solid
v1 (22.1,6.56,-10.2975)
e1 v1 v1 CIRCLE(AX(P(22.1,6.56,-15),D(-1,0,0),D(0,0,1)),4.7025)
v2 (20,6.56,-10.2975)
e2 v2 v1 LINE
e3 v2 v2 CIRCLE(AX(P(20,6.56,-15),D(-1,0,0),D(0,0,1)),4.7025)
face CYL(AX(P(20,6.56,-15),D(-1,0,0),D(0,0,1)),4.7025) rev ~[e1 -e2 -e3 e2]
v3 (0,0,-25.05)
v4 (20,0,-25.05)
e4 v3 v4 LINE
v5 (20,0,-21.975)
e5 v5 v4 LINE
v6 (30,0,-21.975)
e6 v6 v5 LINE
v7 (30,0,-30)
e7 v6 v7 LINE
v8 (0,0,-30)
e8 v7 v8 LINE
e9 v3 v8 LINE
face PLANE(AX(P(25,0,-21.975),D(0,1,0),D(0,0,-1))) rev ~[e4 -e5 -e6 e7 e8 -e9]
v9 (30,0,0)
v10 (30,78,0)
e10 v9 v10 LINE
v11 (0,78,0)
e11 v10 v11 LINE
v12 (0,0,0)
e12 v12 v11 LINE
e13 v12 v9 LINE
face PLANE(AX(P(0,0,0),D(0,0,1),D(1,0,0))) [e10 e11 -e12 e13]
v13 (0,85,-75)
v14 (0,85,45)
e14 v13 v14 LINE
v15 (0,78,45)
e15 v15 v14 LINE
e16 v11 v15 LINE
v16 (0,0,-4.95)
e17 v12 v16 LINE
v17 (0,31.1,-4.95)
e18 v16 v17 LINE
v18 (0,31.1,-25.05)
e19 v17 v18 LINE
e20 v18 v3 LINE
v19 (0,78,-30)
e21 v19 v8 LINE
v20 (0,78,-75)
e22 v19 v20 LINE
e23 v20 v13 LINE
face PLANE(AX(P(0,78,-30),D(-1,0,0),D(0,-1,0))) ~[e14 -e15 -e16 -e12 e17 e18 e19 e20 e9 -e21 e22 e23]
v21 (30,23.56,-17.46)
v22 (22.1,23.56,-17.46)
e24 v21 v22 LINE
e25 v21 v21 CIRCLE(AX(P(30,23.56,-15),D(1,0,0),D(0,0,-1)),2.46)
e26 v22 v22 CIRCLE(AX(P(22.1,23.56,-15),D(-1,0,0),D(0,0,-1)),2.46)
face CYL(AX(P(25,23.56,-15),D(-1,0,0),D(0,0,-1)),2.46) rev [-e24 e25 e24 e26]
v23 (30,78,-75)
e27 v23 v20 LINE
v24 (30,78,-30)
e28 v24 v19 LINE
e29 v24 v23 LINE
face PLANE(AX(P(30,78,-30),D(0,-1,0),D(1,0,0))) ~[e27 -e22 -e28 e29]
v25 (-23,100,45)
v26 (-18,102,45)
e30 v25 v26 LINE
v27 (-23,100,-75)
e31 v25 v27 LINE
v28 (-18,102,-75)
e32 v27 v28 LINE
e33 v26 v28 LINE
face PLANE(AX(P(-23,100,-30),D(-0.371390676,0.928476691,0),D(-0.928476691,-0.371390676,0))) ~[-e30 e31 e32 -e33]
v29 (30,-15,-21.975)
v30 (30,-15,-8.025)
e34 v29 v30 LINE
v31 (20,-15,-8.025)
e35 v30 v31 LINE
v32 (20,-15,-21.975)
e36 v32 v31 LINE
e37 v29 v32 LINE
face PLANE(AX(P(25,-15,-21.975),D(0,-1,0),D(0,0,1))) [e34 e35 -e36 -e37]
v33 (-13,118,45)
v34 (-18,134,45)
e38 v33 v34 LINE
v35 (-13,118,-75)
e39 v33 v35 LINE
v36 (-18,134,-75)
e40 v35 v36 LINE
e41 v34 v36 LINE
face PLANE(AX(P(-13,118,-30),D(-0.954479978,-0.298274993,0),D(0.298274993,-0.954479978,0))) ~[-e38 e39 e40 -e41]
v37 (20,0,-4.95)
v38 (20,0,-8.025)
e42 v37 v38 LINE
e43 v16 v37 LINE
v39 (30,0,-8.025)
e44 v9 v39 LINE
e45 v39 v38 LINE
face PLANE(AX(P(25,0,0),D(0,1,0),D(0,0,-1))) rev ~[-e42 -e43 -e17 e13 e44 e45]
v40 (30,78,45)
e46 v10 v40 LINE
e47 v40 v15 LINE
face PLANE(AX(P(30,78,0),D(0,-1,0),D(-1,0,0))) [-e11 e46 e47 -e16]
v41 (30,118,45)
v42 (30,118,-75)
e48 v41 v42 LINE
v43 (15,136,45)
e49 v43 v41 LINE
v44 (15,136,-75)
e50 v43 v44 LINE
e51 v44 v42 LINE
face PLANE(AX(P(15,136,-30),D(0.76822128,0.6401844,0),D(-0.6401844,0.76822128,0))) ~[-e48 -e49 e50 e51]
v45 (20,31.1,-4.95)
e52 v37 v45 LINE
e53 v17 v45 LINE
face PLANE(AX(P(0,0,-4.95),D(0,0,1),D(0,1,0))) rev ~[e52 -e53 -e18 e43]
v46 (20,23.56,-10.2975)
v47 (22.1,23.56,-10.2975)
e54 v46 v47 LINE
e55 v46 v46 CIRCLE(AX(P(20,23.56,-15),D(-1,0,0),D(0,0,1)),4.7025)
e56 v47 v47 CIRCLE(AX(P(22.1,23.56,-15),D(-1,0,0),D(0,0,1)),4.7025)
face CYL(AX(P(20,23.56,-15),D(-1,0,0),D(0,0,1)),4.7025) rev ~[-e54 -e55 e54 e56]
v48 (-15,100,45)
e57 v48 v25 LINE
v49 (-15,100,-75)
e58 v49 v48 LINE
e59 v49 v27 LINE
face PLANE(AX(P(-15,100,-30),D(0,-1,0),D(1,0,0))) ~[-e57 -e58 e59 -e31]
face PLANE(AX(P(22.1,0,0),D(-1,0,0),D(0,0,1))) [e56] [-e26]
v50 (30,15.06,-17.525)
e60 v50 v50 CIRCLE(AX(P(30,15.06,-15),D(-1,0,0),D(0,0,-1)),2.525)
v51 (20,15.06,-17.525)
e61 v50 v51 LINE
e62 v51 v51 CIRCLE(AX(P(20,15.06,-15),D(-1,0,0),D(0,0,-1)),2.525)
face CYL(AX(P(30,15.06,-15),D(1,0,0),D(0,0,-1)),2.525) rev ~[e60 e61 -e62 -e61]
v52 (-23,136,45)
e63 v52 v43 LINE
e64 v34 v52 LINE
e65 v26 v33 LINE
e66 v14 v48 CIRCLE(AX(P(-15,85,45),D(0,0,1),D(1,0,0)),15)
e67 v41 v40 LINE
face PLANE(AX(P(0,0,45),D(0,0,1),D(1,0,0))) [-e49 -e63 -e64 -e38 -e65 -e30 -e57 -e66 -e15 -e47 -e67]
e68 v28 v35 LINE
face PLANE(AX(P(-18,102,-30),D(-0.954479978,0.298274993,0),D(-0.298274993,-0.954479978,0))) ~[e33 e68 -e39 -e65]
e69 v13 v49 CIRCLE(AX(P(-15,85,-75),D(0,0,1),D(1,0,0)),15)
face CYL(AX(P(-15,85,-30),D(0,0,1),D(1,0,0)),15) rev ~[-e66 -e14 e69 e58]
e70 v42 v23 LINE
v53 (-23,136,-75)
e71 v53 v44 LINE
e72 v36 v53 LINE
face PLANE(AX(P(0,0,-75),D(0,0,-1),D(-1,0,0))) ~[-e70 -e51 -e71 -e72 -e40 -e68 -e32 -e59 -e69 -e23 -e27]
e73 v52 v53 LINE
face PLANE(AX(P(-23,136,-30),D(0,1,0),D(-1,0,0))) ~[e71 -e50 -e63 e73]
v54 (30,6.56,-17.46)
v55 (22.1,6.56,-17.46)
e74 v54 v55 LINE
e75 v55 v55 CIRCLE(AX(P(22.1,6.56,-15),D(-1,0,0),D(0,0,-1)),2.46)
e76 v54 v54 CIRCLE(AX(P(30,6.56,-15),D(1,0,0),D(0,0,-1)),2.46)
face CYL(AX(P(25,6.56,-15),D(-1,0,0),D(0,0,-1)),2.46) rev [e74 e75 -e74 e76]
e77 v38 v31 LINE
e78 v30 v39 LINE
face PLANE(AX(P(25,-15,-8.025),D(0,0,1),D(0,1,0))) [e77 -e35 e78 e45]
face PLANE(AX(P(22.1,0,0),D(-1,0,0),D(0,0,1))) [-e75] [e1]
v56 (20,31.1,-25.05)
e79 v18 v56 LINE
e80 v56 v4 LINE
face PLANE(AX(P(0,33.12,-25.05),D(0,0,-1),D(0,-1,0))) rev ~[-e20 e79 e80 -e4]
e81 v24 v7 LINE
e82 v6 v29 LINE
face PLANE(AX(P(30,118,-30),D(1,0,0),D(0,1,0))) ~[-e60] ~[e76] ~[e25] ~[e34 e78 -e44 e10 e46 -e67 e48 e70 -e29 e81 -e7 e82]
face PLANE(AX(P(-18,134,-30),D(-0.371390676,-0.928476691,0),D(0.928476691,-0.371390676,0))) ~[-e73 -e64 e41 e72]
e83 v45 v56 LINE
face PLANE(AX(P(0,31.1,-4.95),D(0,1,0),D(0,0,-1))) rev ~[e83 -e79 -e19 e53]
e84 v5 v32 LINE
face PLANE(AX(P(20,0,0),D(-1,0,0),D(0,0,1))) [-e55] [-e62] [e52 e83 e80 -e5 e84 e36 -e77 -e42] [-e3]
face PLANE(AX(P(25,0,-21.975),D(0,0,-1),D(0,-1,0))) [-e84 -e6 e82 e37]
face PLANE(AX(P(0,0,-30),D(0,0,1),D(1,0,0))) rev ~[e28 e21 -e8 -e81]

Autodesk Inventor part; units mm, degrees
ref_plane "YZ Plane" through (0, 0, 0) normal (1, 0, 0) x (0, 1, 0)
ref_plane "XZ Plane" through (0, 0, 0) normal (0, 1, 0) x (-1, 0, 0)
sketch "Sketch1" plane through (0, 0, 0) normal (0, 0, 1) x (1, 0, 0)
  line L0 (0, 0) -> (25, 0)
  line L1 (25, 0) -> (25, 40)
  line L2 (25, 40) -> (0, 40)
  line L3 (0, 40) -> (0, 0)
  dimension "d1" = 25
  dimension "d2" = 40
  dimension "d3" = 25
extrude "Extrusion1" add sketch "Sketch1" against normal blind 30
sketch "Sketch2" plane through (25, 0, 0) normal (1, 0, 0) x (0, 0, -1)
  line L0 (0, 0) -> (30, 0) projected
  circle A0 centre (15, 6.56) radius 2.46
extrude "Extrusion2" cut sketch "Sketch2" against normal blind 30
sketch "Sketch3" plane through (0, 0, 0) normal (-1, 0, 0) x (0, 0, 1)
  line L0 (0, 0) -> (-30, 0) projected
  line L1 (-25.05, 0) -> (-4.95, 0)
  line L2 (-4.95, 0) -> (-4.95, 33.12)
  line L3 (-4.95, 33.12) -> (-25.05, 33.12)
  line L4 (-25.05, 33.12) -> (-25.05, 0)
  dimension "d11" = 20.1
extrude "Extrusion3" cut sketch "Sketch3" against normal blind 20
sketch "Sketch4" plane through (0, 0, 0) normal (0, -1, 0) x (1, 0, 0)
  line L0 (20, -4.95) -> (20, -25.05) projected
  line L1 (20, -15) -> (25, -15)
  line L2 (25, 0) -> (25, -30) projected
  line L3 (20, -8.025) -> (25, -8.025)
  line L4 (25, -8.025) -> (25, -21.975)
  line L5 (25, -21.975) -> (20, -21.975)
  line L6 (20, -21.975) -> (20, -8.025)
  line L7 (20, -8.025) -> (25, -21.975) construction
  line L8 (25, -8.025) -> (20, -21.975) construction
  line L9 (25, -12.54) -> (25, -17.46) projected
  point P0 (0, 0)
  point P1 (22.5, -15)
  dimension "d14" = 13.95
extrude "Extrusion4" add sketch "Sketch4" along normal blind 15
sketch "Sketch5" plane through (20, 0, 0) normal (-1, 0, 0) x (0, 0, 1)
  circle A0 centre (-15, 6.56) radius 2.46 projected
  circle A1 centre (-15, 6.56) radius 4.7025
  circle A2 centre (-15, 6.56) radius 2.46 projected
  circle A3 centre (-15, 6.56) radius 2.46
  point P0 (0, 0)
  dimension "d17" = 9.405
extrude "Extrusion5" cut sketch "Sketch5" against normal blind 2.1
sketch "Sketch6" plane through (25, 0, 0) normal (1, 0, 0) x (0, 0, -1)
  circle A0 centre (15, 6.56) radius 4.7025 projected
  line L0 (15, 6.56) -> (15, 23.56)
  circle A1 centre (15, 23.56) radius 2.46
  point P0 (0, 0)
  dimension "d20" = 17
  dimension "d21" = 4.92
extrude "Extrusion6" cut sketch "Sketch6" against normal blind 10 contours A1
sketch "Sketch7" plane through (20, 0, 0) normal (-1, 0, 0) x (0, 0, 1)
  circle A0 centre (-15, 23.56) radius 2.46 projected
  circle A1 centre (-15, 23.56) radius 4.7025
  point P0 (0, 0)
  dimension "d24" = 9.405
extrude "Extrusion7" cut sketch "Sketch7" against normal blind 2.1
sketch "Sketch9" plane through (25, 0, 0) normal (1, 0, 0) x (0, 0, -1)
  circle A0 centre (15, 6.56) radius 2.46 projected
  circle A1 centre (15, 6.56) radius 2.46
  circle A2 centre (15, 23.56) radius 2.46 projected
  circle A3 centre (15, 23.56) radius 2.46
  line L0 (30, 40) -> (30, 0) projected
  line L1 (30, 0) -> (30, 40)
  line L2 (30, 40) -> (0, 40)
  line L3 (0, 40) -> (0, 0)
  line L4 (0, 0) -> (8.025, 0) projected
  line L5 (21.975, 0) -> (21.975, -15)
  line L6 (21.975, -15) -> (8.025, -15)
  line L7 (8.025, -15) -> (8.025, 0)
  line L8 (0, 0) -> (8.025, 0)
  line L9 (21.975, 0) -> (30, 0)
extrude "Extrusion8" add sketch "Sketch9" along normal blind 5
sketch "Sketch10" plane through (0, 40, 0) normal (0, 1, 0) x (1, 0, 0)
  line L0 (0, 30) -> (30, 30) projected
  line L1 (30, 0) -> (0, 0) projected
  line L2 (0, 30) -> (30, 30)
  line L3 (30, 30) -> (30, 0)
  line L4 (30, 0) -> (0, 0)
  line L5 (0, 0) -> (0, 30)
extrude "Extrusion9" add sketch "Sketch10" along normal blind 30
sketch "Sketch12" plane through (30, 0, 0) normal (1, 0, 0) x (0, 0, -1)
  circle A0 centre (15, 6.56) radius 2.46 projected
  line L0 (15, 6.56) -> (15, 15.06)
  circle A1 centre (15, 15.06) radius 2.525
  point P0 (0, 0)
  dimension "d31" = 8.5
  dimension "d33" = 5.05
extrude "Extrusion10" cut sketch "Sketch12" against normal blind 30 contours A1
sketch "Sketch14" plane through (0, 0, 0) normal (0, 0, 1) x (1, 0, 0)
  line L0 (30, 70) -> (0, 70) projected
  line L1 (0, 70) -> (0, 85)
  line L2 (-15, 100) -> (-23, 100)
  line L3 (30, 0) -> (30, 70) projected
  line L4 (30, 118) -> (30, 70)
  arc A0 (0, 85) -> (-15, 100) centre (-15, 85) ccw
  line L5 (30, 105) -> (30, 100)
  line L6 (-18, 134) -> (-23, 136)
  line L7 (-18, 102) -> (-23, 100)
  line L8 (-18, 102) -> (-13, 118)
  line L9 (-13, 118) -> (-18, 134)
  line L10 (15, 136) -> (30, 118)
  line L11 (-23, 136) -> (15, 136)
  point P0 (0, 0)
  point P1 (0, 100)
  dimension "d47" = 30
  dimension "d54" = 15
extrude "Extrusion12" add sketch "Sketch14" against normal blind 30
sketch "Sketch15" plane through (0, 0, -25.05) normal (-1, 0, 0) x (0, 0, 1)
  line L0 (0, 33.12) -> (20.1, 33.12) projected
  line L1 (20.1, 33.12) -> (20.1, 0) projected
  line L2 (0, 33.12) -> (20.1, 33.12)
  line L3 (20.1, 33.12) -> (20.1, 31.1)
  line L4 (20.1, 31.1) -> (0, 31.1)
  line L5 (0, 31.1) -> (0, 33.12)
  point P0 (25.05, 0)
  dimension "d57" = 2.02
extrude "Extrusion13" add sketch "Sketch15" against normal blind 20
sketch "Sketch22" plane through (0, 0, 0) normal (0, 0, 1) x (1, 0, 0)
  line L0 (-15, 100) -> (-23, 100) projected
  line L1 (-15, 100) -> (-23, 100)
  line L2 (-23, 100) -> (-18, 102) projected
  line L3 (-23, 100) -> (-18, 102)
  line L4 (-18, 102) -> (-13, 118) projected
  line L5 (-18, 102) -> (-13, 118)
  line L6 (-13, 118) -> (-18, 134) projected
  line L7 (-13, 118) -> (-18, 134)
  line L8 (-18, 134) -> (-23, 136) projected
  line L9 (-18, 134) -> (-23, 136)
  line L10 (-23, 136) -> (15, 136) projected
  line L11 (-23, 136) -> (15, 136)
  line L12 (15, 136) -> (30, 118) projected
  line L13 (15, 136) -> (30, 118)
  line L14 (30, 118) -> (30, 78)
  line L15 (30, 0) -> (30, 118) projected
  line L16 (30, 78) -> (0, 78)
  arc A0 (0, 85) -> (-15, 100) centre (-15, 85) ccw projected
  line L17 (0, 78) -> (0, 85)
  arc A1 (0, 85) -> (-15, 100) centre (-15, 85) ccw
  point P0 (0, 0)
  dimension "d82" = 40
extrude "Extrusion14" add sketch "Sketch22" along normal blind 45
ref_plane "Work Plane1" through (0, 0, -15) normal (0, 0, 1) x (1, 0, 0)
mirror "Mirror1" about plane through (0, 0, -15) normal (0, 0, 1) of "Extrusion14"
properties part number "rec_a_32mm_x_120mm"
